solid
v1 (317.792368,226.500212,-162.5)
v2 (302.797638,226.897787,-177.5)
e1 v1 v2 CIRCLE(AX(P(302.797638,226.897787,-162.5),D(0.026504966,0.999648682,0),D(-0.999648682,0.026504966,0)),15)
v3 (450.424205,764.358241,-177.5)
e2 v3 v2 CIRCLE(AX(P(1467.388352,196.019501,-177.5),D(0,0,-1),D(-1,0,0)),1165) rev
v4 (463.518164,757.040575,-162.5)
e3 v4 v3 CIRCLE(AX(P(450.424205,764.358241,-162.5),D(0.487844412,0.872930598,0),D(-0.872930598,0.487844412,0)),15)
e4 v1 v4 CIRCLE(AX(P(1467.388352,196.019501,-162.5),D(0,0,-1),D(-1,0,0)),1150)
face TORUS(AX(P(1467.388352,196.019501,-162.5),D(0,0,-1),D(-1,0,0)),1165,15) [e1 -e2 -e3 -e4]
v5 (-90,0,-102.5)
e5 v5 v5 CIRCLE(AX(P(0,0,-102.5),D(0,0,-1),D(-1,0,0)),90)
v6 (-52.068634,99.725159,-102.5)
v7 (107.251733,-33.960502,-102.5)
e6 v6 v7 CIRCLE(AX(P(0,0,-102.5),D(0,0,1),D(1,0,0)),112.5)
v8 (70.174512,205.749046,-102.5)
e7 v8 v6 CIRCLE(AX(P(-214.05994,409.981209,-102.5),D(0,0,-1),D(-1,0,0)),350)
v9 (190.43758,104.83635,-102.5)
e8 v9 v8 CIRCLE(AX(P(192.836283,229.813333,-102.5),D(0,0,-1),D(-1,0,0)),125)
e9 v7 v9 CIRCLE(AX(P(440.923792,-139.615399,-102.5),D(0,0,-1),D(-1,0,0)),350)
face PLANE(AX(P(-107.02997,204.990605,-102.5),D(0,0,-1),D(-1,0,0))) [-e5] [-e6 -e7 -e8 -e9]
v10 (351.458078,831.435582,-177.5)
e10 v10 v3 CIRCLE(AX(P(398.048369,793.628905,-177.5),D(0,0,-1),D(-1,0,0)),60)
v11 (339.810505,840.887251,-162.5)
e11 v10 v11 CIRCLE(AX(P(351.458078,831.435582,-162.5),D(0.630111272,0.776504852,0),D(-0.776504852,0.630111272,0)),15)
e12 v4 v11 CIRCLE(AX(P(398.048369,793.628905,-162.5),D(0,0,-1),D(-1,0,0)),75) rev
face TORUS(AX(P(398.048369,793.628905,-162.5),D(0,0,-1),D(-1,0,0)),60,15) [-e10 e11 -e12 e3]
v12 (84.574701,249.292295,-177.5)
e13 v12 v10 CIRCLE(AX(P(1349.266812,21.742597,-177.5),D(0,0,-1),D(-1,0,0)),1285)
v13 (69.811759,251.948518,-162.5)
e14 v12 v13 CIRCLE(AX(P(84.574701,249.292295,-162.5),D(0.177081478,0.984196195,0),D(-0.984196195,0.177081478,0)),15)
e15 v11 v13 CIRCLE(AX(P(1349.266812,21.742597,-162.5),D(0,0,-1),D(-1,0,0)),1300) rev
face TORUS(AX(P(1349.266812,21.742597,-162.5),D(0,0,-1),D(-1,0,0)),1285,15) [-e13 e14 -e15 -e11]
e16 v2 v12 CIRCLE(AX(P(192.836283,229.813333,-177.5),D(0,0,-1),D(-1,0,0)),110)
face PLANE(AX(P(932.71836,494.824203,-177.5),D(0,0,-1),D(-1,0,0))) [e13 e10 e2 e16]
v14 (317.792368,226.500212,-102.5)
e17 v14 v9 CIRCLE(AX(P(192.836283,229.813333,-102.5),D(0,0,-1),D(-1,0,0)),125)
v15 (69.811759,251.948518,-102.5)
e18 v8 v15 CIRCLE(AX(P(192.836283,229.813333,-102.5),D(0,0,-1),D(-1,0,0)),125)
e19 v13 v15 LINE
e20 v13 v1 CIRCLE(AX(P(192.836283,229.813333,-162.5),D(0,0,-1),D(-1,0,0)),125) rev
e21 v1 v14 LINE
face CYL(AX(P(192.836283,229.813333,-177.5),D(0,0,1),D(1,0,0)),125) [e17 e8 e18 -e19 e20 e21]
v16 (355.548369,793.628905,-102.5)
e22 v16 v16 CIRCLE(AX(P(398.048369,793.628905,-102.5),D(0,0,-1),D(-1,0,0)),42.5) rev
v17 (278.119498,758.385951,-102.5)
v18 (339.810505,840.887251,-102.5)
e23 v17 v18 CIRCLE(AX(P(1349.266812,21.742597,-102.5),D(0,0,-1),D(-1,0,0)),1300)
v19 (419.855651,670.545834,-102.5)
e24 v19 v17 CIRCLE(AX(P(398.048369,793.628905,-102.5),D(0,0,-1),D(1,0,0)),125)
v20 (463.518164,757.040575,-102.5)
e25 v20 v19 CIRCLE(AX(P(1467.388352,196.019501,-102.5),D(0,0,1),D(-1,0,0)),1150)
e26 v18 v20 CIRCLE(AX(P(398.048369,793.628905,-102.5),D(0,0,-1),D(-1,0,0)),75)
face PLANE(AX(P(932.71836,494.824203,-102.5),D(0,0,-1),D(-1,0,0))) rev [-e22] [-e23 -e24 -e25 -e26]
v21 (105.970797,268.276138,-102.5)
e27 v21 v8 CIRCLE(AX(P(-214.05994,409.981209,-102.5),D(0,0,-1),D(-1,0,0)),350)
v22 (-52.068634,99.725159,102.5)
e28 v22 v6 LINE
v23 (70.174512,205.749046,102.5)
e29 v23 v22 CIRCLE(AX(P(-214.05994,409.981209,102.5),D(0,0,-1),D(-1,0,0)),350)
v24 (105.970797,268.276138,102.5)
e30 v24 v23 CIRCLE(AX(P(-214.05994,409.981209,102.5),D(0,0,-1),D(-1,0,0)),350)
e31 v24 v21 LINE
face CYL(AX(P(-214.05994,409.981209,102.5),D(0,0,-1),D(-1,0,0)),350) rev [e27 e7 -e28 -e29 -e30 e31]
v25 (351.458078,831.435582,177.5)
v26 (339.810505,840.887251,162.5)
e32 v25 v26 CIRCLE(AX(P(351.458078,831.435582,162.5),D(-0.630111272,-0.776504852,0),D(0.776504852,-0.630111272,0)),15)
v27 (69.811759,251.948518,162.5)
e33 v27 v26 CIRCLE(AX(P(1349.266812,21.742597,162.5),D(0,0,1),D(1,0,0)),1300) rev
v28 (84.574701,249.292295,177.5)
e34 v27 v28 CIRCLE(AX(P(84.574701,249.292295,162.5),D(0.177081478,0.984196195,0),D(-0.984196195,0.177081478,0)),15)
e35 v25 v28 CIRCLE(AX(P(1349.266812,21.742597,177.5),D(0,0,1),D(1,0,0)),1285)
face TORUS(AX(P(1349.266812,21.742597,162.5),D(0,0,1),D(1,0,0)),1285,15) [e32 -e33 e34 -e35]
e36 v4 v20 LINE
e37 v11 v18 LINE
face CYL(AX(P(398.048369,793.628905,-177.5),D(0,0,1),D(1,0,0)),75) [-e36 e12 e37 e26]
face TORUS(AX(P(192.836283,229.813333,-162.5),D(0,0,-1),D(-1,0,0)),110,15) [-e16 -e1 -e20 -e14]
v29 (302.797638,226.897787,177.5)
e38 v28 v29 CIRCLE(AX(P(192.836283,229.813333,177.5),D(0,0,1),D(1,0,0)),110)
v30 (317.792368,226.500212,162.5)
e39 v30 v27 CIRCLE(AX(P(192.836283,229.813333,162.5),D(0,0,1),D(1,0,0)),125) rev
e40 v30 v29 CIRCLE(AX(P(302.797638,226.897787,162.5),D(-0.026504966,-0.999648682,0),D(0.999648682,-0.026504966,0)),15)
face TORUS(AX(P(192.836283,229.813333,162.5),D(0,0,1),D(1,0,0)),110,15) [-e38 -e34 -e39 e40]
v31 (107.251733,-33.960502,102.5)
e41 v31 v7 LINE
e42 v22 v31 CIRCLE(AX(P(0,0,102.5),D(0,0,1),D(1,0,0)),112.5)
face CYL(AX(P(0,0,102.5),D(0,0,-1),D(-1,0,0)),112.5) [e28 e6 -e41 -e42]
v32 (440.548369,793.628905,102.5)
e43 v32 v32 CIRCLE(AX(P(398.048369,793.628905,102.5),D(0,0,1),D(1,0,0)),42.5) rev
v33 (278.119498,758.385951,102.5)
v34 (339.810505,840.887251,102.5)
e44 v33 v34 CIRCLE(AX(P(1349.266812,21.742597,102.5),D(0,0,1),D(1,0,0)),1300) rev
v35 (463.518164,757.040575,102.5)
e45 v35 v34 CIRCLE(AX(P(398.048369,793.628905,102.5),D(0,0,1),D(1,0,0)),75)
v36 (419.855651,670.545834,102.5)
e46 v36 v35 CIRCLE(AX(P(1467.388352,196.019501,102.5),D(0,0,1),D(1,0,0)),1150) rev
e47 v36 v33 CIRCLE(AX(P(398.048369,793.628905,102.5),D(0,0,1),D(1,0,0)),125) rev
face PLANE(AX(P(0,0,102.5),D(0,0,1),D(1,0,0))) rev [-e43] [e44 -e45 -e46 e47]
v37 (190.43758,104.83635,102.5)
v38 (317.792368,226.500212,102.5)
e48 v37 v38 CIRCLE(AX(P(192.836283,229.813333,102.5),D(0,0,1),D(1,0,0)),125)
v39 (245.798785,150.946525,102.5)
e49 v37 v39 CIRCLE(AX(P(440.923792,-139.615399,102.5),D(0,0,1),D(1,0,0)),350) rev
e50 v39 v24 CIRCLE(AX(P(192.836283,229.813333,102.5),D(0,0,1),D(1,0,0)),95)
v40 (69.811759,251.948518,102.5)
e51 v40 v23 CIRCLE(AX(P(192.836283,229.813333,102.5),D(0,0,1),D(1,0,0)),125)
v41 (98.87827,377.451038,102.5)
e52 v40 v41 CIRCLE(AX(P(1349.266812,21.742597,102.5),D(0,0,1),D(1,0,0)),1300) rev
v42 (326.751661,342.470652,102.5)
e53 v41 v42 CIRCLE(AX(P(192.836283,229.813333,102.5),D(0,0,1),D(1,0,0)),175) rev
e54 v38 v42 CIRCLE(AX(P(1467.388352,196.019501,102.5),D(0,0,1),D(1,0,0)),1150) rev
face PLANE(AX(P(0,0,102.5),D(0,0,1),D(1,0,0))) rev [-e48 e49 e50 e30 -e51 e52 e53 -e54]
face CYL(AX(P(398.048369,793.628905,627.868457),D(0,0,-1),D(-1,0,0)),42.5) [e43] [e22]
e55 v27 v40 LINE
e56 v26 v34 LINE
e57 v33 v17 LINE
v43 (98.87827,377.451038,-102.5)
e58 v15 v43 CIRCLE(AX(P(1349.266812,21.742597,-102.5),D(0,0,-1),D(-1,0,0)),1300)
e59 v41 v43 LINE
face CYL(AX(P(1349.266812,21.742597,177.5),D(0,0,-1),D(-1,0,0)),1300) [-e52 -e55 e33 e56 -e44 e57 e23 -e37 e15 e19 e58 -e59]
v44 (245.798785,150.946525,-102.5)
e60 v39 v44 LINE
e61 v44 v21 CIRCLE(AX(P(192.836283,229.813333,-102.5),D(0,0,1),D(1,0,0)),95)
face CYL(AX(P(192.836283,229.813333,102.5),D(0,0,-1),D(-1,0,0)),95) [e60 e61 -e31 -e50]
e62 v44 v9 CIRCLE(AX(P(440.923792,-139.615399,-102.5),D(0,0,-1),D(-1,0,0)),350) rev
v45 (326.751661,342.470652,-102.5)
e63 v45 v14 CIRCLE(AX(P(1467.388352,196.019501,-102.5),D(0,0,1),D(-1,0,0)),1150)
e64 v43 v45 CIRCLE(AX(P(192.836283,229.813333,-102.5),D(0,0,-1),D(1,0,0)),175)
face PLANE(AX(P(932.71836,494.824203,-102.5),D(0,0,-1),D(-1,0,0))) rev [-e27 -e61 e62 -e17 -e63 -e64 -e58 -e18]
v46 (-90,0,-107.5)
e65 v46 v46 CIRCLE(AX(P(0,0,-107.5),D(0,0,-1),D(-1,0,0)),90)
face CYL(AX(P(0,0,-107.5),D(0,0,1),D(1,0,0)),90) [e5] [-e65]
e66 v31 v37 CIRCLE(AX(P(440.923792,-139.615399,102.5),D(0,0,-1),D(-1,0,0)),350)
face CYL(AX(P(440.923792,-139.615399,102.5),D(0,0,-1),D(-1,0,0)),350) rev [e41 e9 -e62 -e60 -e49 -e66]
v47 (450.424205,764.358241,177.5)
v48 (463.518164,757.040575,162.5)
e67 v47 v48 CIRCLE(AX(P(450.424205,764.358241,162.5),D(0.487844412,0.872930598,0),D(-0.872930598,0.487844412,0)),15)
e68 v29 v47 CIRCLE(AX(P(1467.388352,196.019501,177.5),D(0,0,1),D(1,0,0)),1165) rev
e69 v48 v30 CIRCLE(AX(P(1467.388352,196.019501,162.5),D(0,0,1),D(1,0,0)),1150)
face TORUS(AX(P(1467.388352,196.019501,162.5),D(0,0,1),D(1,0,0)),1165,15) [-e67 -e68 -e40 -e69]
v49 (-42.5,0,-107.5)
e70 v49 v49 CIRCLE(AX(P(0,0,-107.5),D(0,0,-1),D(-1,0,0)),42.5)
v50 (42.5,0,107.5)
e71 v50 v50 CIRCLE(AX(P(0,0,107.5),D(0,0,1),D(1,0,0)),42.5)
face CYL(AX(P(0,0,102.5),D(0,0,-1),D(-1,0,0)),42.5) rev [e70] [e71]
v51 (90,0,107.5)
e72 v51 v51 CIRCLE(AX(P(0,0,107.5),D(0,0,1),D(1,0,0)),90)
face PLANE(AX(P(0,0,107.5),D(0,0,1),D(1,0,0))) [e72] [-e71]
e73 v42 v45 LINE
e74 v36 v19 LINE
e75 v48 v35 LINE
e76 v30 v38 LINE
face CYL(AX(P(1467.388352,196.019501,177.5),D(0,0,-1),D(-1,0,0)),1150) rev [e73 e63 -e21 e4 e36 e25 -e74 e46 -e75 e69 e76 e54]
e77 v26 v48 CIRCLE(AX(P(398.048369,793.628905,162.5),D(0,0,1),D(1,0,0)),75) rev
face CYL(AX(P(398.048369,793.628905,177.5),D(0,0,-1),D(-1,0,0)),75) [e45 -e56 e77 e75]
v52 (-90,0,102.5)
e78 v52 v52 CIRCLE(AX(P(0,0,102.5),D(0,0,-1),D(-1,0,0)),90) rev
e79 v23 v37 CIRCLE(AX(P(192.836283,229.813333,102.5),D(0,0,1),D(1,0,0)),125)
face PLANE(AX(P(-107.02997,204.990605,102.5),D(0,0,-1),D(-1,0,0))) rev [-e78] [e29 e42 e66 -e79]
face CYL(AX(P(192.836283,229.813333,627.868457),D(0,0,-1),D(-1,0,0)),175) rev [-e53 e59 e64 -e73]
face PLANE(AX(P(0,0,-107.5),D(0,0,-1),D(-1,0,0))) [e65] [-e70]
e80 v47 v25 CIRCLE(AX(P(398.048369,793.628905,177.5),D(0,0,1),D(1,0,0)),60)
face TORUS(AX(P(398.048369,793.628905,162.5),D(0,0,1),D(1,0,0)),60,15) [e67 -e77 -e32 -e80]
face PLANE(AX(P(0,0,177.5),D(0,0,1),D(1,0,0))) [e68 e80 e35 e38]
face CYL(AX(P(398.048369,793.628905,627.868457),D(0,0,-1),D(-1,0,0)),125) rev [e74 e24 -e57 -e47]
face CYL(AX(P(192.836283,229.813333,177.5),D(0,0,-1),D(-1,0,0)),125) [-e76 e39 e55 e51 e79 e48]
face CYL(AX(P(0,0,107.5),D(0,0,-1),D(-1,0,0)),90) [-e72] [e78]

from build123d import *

# Parameters (mm, degrees)
SKETCH1_R           = 42.5
BOSS_EXTRUDE1_DEPTH = 102.5
SKETCH2_R           = 90
SKETCH2_R_2         = 42.5
BOSS_EXTRUDE2_DEPTH = 5
SKETCH3_R           = 90
SKETCH3_R_2         = 42.5
BOSS_EXTRUDE3_DEPTH = 5
BOSS_EXTRUDE4_DEPTH = 75
BOSS_EXTRUDE5_DEPTH = 75
FILLET2_R           = 15
SKETCH6_R           = 42.5
BOSS_EXTRUDE6_DEPTH = 205


with BuildPart() as part:
    # Sketch1 → Boss-Extrude1 (new body, symmetric)
    with BuildSketch(Plane.XY):
        with BuildLine():
            ThreePointArc((-52.068634079, 99.725159038), (-72.31360609, -86.179999851), (107.251733212, -33.960502395))
            ThreePointArc((107.251733212, -33.960502395), (160.82695798, 70.255427056), (245.798784868, 150.946525051))
            ThreePointArc((245.798784868, 150.946525051), (253.901105826, 302.587555032), (105.970797095, 268.276138019))
            ThreePointArc((105.970797095, 268.276138019), (41.260781083, 170.583361992), (-52.068634079, 99.725159038))
        make_face()
        Circle(SKETCH1_R, mode=Mode.SUBTRACT)
    extrude(amount=BOSS_EXTRUDE1_DEPTH, both=True)

    # Sketch2 → Boss-Extrude2 (add)
    with BuildSketch(Plane.XY.offset(102.5)):
        Circle(SKETCH2_R)
        Circle(SKETCH2_R_2, mode=Mode.SUBTRACT)
    extrude(amount=BOSS_EXTRUDE2_DEPTH)

    # Sketch3 → Boss-Extrude3 (add)
    with BuildSketch(Plane(origin=(0, 0, -102.5), x_dir=(-1, 0, 0), z_dir=(0, 0, -1))):
        Circle(SKETCH3_R)
        Circle(SKETCH3_R_2, mode=Mode.SUBTRACT)
    extrude(amount=BOSS_EXTRUDE3_DEPTH)

    # Sketch4 → Boss-Extrude4 (add)
    with BuildSketch(Plane.XY.offset(102.5)):
        with BuildLine():
            ThreePointArc((339.810505034, 840.887250831), (167.534603821, 563.507294819), (69.811758527, 251.948517629))
            ThreePointArc((69.811758527, 251.948517629), (180.075530777, 105.466386029), (317.792368114, 226.500212138))
            ThreePointArc((317.792368114, 226.500212138), (358.459856731, 500.613644392), (463.518163787, 757.040574513))
            ThreePointArc((463.518163787, 757.040574513), (440.127359965, 855.712385585), (339.810505034, 840.887250831))
        make_face()
    extrude(amount=BOSS_EXTRUDE4_DEPTH)

    # Sketch5 → Boss-Extrude5 (add)
    with BuildSketch(Plane(origin=(0, 0, -102.5), x_dir=(-1, 0, 0), z_dir=(0, 0, -1))):
        with BuildLine():
            ThreePointArc((-317.792368114, 226.500212138), (-180.075530777, 105.466386029), (-69.811758527, 251.948517629))
            ThreePointArc((-69.811758527, 251.948517629), (-167.534603821, 563.507294819), (-339.810505034, 840.887250831))
            ThreePointArc((-339.810505034, 840.887250831), (-440.127359965, 855.712385585), (-463.518163787, 757.040574513))
            ThreePointArc((-463.518163787, 757.040574513), (-358.459856731, 500.613644392), (-317.792368114, 226.500212138))
        make_face()
    extrude(amount=BOSS_EXTRUDE5_DEPTH)

    # Fillet2
    fillet2_edges = [part.edges().sort_by_distance(p)[0] for p in [
        (167.534603821, 563.507294819, 177.5),
        (180.075530777, 105.466386029, 177.5),
        (358.459856731, 500.613644392, 177.5),
        (440.127359965, 855.712385585, 177.5),
        (358.459856731, 500.613644392, -177.5),
        (180.075530777, 105.466386029, -177.5),
        (167.534603821, 563.507294819, -177.5),
        (440.127359965, 855.712385585, -177.5),
    ]]
    fillet(fillet2_edges, radius=FILLET2_R)

    # Sketch6 → Boss-Extrude6 (add)
    with BuildSketch(Plane.XY.offset(-102.5)):
        with Locations((398.048368901, 793.628905407)):
            Circle(SKETCH6_R)
        with BuildLine():
            ThreePointArc((419.855651368, 670.545834145), (361.07481022, 509.978649739), (326.751661219, 342.470651611))
            ThreePointArc((326.751661219, 342.470651611), (219.389147641, 402.787161518), (98.878270441, 377.451037787))
            ThreePointArc((98.878270441, 377.451037787), (172.976016961, 575.222465787), (278.119497696, 758.385950771))
            ThreePointArc((278.119497696, 758.385950771), (332.200566612, 687.378884543), (419.855651368, 670.545834145))
        make_face()
    extrude(amount=BOSS_EXTRUDE6_DEPTH)


solid = part.part
